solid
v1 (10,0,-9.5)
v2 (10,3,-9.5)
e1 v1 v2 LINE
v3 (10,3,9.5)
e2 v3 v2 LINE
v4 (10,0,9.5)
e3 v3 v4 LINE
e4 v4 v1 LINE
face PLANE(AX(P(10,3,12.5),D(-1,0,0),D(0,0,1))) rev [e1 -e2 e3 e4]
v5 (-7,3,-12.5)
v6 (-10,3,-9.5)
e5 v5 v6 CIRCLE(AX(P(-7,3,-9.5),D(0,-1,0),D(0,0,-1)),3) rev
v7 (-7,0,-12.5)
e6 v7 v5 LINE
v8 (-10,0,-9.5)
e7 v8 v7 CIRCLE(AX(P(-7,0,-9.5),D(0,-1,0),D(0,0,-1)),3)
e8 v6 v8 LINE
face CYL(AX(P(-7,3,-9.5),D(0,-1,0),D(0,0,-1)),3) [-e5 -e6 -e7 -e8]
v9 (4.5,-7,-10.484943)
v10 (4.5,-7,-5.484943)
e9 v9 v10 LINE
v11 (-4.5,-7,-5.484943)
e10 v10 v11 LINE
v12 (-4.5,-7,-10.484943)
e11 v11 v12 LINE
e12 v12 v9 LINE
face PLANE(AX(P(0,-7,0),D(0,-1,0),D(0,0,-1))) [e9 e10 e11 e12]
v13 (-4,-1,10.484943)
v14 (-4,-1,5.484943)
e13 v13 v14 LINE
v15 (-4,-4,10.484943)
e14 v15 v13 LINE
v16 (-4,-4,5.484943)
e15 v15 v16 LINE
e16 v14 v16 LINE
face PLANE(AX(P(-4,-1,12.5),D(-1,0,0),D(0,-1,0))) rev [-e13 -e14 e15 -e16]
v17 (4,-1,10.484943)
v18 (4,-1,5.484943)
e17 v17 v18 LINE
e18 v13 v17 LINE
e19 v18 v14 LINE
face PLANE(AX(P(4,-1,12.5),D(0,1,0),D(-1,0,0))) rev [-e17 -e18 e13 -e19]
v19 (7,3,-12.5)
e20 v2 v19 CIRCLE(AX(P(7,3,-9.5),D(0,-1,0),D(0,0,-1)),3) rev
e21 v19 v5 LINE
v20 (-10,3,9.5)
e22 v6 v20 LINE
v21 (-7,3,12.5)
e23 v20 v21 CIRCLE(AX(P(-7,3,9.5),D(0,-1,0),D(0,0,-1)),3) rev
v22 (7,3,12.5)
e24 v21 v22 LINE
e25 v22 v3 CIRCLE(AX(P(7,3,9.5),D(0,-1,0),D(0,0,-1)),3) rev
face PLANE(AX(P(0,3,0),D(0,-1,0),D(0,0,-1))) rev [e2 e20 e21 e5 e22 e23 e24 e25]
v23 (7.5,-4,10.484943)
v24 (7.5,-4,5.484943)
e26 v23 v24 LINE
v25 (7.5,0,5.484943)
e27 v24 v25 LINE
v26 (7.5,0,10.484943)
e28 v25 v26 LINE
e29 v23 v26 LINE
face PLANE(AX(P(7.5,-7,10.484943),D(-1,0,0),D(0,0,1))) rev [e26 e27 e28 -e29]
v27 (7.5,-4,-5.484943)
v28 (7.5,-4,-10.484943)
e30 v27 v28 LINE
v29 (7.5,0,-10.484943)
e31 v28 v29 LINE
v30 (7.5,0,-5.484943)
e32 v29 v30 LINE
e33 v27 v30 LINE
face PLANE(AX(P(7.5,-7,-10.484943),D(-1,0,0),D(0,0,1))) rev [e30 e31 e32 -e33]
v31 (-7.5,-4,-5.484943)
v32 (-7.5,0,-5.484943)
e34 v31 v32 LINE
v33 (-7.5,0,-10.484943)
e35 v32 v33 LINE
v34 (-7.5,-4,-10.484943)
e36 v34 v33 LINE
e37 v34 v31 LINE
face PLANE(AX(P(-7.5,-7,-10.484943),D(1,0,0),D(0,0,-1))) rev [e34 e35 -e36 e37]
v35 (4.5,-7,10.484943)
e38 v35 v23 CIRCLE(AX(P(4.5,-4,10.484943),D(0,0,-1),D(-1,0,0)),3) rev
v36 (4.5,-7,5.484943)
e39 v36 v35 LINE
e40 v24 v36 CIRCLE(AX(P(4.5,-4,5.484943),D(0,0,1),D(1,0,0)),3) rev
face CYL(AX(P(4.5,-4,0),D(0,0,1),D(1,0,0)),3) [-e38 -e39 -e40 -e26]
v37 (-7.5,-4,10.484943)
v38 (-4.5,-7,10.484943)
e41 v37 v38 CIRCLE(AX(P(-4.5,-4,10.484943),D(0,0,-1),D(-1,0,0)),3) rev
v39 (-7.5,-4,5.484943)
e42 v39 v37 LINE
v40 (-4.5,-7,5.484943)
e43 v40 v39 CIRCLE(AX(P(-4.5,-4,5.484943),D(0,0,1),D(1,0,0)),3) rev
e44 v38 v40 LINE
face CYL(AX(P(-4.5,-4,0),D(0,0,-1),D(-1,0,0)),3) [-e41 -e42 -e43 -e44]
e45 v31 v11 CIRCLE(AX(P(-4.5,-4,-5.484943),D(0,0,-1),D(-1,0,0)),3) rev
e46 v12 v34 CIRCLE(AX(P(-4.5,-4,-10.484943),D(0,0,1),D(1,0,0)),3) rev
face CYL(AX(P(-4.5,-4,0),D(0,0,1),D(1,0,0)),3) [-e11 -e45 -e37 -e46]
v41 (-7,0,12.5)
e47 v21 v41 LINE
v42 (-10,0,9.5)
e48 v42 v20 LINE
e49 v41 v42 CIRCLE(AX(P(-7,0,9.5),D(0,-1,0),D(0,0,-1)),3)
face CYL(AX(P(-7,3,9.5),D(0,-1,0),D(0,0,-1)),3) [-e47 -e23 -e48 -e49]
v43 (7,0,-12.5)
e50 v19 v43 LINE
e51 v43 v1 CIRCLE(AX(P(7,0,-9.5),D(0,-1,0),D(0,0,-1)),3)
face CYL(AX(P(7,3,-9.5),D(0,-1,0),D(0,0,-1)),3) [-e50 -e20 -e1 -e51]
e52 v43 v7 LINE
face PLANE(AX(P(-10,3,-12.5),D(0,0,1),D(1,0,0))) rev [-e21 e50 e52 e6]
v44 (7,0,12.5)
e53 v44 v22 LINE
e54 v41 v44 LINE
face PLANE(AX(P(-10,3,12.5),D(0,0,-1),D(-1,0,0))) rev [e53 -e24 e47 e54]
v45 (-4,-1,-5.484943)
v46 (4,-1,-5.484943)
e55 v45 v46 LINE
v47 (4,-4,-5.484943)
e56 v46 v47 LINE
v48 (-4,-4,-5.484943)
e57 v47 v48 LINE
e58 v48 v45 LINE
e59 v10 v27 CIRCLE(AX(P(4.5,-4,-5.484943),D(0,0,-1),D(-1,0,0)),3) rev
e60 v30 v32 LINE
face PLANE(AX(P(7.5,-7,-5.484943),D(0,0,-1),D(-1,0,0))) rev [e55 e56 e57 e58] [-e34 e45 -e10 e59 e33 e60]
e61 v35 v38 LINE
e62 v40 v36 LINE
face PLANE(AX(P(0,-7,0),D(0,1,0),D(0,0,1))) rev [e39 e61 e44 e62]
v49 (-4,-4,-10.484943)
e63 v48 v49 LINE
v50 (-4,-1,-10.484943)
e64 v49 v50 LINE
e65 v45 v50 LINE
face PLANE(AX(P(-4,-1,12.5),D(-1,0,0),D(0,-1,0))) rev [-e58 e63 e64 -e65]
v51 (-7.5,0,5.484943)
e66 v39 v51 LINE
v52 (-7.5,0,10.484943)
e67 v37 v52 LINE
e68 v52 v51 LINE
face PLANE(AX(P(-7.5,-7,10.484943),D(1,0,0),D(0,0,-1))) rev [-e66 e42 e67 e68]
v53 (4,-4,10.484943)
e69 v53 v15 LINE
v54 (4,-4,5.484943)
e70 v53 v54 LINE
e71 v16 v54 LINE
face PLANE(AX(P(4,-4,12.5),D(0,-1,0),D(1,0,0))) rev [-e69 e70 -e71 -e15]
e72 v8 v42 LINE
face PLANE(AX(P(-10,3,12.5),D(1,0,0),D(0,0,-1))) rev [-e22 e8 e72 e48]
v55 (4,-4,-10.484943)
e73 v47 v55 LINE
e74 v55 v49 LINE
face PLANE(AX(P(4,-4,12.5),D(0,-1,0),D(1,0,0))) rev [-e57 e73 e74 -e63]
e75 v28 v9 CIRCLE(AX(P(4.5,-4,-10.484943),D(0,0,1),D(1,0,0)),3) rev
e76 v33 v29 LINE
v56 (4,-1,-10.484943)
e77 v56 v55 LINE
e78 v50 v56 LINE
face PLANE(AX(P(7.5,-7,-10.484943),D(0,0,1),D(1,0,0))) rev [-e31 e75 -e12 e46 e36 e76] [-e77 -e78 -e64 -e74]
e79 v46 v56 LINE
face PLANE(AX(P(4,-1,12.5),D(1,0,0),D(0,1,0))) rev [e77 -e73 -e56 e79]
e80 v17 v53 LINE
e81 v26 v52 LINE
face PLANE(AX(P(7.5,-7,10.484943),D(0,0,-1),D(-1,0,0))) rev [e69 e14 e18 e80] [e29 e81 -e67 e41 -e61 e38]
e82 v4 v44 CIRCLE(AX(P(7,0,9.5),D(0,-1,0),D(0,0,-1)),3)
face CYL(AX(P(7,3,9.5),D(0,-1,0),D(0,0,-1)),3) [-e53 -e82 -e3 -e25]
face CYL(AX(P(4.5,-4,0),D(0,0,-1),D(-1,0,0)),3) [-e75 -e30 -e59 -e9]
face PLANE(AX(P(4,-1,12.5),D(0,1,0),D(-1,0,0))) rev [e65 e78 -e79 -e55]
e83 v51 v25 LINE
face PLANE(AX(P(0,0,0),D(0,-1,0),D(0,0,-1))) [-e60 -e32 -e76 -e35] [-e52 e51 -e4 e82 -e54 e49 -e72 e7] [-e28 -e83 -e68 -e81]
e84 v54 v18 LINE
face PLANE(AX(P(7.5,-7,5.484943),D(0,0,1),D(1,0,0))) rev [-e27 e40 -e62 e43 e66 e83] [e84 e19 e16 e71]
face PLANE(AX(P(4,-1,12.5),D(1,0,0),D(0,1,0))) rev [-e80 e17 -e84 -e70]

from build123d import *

# Parameters (mm, degrees)
ESBO_O1_W                = 20
ESBO_O1_H                = 25
RESSALTO_EXTRUS_O1_DEPTH = 3
ESBO_O2_W                = 15
ESBO_O2_H                = 5
RESSALTO_EXTRUS_O2_DEPTH = 7
FILETE3_R                = 3
ESBO_O4_W                = 8
ESBO_O4_H                = 3
CORTE_EXTRUS_O2_DEPTH    = 27.025134469
FILETE4_R                = 3


with BuildPart() as part:
    # Esboço1 → Ressalto-extrusão1 (new body)
    with BuildSketch(Plane(origin=(0, 0, 0), x_dir=(1, 0, 0), z_dir=(0, 1, 0))):
        Rectangle(ESBO_O1_W, ESBO_O1_H)
    extrude(amount=RESSALTO_EXTRUS_O1_DEPTH)

    # Esboço2 → Ressalto-extrusão2 (add)
    with BuildSketch(Plane(origin=(0, 0, 0), x_dir=(-1, 0, 0), z_dir=(0, -1, 0))):
        with Locations((0, 7.984943423)):
            Rectangle(ESBO_O2_W, ESBO_O2_H)
        with Locations((0, -7.984943423)):
            Rectangle(ESBO_O2_W, ESBO_O2_H)
    extrude(amount=RESSALTO_EXTRUS_O2_DEPTH)

    # Filete3
    filete3_edges = [part.edges().sort_by_distance(p)[0] for p in [
        (10, 1.5, 12.5),
        (-10, 1.5, 12.5),
        (-10, 1.5, -12.5),
        (10, 1.5, -12.5),
    ]]
    fillet(filete3_edges, radius=FILETE3_R)

    # Esboço4 → Corte-extrusão2 (cut, through all)
    with BuildSketch(Plane(origin=(0, 0, -10.484943423), x_dir=(-1, 0, 0), z_dir=(0, 0, -1))):
        with Locations((0, -2.5)):
            Rectangle(ESBO_O4_W, ESBO_O4_H)
    extrude(amount=-CORTE_EXTRUS_O2_DEPTH, mode=Mode.SUBTRACT)

    # Filete4
    filete4_edges = [part.edges().sort_by_distance(p)[0] for p in [
        (-7.5, -7, -7.984943423),
        (7.5, -7, -7.984943423),
        (7.5, -7, 7.984943423),
        (-7.5, -7, 7.984943423),
    ]]
    fillet(filete4_edges, radius=FILETE4_R)


solid = part.part
